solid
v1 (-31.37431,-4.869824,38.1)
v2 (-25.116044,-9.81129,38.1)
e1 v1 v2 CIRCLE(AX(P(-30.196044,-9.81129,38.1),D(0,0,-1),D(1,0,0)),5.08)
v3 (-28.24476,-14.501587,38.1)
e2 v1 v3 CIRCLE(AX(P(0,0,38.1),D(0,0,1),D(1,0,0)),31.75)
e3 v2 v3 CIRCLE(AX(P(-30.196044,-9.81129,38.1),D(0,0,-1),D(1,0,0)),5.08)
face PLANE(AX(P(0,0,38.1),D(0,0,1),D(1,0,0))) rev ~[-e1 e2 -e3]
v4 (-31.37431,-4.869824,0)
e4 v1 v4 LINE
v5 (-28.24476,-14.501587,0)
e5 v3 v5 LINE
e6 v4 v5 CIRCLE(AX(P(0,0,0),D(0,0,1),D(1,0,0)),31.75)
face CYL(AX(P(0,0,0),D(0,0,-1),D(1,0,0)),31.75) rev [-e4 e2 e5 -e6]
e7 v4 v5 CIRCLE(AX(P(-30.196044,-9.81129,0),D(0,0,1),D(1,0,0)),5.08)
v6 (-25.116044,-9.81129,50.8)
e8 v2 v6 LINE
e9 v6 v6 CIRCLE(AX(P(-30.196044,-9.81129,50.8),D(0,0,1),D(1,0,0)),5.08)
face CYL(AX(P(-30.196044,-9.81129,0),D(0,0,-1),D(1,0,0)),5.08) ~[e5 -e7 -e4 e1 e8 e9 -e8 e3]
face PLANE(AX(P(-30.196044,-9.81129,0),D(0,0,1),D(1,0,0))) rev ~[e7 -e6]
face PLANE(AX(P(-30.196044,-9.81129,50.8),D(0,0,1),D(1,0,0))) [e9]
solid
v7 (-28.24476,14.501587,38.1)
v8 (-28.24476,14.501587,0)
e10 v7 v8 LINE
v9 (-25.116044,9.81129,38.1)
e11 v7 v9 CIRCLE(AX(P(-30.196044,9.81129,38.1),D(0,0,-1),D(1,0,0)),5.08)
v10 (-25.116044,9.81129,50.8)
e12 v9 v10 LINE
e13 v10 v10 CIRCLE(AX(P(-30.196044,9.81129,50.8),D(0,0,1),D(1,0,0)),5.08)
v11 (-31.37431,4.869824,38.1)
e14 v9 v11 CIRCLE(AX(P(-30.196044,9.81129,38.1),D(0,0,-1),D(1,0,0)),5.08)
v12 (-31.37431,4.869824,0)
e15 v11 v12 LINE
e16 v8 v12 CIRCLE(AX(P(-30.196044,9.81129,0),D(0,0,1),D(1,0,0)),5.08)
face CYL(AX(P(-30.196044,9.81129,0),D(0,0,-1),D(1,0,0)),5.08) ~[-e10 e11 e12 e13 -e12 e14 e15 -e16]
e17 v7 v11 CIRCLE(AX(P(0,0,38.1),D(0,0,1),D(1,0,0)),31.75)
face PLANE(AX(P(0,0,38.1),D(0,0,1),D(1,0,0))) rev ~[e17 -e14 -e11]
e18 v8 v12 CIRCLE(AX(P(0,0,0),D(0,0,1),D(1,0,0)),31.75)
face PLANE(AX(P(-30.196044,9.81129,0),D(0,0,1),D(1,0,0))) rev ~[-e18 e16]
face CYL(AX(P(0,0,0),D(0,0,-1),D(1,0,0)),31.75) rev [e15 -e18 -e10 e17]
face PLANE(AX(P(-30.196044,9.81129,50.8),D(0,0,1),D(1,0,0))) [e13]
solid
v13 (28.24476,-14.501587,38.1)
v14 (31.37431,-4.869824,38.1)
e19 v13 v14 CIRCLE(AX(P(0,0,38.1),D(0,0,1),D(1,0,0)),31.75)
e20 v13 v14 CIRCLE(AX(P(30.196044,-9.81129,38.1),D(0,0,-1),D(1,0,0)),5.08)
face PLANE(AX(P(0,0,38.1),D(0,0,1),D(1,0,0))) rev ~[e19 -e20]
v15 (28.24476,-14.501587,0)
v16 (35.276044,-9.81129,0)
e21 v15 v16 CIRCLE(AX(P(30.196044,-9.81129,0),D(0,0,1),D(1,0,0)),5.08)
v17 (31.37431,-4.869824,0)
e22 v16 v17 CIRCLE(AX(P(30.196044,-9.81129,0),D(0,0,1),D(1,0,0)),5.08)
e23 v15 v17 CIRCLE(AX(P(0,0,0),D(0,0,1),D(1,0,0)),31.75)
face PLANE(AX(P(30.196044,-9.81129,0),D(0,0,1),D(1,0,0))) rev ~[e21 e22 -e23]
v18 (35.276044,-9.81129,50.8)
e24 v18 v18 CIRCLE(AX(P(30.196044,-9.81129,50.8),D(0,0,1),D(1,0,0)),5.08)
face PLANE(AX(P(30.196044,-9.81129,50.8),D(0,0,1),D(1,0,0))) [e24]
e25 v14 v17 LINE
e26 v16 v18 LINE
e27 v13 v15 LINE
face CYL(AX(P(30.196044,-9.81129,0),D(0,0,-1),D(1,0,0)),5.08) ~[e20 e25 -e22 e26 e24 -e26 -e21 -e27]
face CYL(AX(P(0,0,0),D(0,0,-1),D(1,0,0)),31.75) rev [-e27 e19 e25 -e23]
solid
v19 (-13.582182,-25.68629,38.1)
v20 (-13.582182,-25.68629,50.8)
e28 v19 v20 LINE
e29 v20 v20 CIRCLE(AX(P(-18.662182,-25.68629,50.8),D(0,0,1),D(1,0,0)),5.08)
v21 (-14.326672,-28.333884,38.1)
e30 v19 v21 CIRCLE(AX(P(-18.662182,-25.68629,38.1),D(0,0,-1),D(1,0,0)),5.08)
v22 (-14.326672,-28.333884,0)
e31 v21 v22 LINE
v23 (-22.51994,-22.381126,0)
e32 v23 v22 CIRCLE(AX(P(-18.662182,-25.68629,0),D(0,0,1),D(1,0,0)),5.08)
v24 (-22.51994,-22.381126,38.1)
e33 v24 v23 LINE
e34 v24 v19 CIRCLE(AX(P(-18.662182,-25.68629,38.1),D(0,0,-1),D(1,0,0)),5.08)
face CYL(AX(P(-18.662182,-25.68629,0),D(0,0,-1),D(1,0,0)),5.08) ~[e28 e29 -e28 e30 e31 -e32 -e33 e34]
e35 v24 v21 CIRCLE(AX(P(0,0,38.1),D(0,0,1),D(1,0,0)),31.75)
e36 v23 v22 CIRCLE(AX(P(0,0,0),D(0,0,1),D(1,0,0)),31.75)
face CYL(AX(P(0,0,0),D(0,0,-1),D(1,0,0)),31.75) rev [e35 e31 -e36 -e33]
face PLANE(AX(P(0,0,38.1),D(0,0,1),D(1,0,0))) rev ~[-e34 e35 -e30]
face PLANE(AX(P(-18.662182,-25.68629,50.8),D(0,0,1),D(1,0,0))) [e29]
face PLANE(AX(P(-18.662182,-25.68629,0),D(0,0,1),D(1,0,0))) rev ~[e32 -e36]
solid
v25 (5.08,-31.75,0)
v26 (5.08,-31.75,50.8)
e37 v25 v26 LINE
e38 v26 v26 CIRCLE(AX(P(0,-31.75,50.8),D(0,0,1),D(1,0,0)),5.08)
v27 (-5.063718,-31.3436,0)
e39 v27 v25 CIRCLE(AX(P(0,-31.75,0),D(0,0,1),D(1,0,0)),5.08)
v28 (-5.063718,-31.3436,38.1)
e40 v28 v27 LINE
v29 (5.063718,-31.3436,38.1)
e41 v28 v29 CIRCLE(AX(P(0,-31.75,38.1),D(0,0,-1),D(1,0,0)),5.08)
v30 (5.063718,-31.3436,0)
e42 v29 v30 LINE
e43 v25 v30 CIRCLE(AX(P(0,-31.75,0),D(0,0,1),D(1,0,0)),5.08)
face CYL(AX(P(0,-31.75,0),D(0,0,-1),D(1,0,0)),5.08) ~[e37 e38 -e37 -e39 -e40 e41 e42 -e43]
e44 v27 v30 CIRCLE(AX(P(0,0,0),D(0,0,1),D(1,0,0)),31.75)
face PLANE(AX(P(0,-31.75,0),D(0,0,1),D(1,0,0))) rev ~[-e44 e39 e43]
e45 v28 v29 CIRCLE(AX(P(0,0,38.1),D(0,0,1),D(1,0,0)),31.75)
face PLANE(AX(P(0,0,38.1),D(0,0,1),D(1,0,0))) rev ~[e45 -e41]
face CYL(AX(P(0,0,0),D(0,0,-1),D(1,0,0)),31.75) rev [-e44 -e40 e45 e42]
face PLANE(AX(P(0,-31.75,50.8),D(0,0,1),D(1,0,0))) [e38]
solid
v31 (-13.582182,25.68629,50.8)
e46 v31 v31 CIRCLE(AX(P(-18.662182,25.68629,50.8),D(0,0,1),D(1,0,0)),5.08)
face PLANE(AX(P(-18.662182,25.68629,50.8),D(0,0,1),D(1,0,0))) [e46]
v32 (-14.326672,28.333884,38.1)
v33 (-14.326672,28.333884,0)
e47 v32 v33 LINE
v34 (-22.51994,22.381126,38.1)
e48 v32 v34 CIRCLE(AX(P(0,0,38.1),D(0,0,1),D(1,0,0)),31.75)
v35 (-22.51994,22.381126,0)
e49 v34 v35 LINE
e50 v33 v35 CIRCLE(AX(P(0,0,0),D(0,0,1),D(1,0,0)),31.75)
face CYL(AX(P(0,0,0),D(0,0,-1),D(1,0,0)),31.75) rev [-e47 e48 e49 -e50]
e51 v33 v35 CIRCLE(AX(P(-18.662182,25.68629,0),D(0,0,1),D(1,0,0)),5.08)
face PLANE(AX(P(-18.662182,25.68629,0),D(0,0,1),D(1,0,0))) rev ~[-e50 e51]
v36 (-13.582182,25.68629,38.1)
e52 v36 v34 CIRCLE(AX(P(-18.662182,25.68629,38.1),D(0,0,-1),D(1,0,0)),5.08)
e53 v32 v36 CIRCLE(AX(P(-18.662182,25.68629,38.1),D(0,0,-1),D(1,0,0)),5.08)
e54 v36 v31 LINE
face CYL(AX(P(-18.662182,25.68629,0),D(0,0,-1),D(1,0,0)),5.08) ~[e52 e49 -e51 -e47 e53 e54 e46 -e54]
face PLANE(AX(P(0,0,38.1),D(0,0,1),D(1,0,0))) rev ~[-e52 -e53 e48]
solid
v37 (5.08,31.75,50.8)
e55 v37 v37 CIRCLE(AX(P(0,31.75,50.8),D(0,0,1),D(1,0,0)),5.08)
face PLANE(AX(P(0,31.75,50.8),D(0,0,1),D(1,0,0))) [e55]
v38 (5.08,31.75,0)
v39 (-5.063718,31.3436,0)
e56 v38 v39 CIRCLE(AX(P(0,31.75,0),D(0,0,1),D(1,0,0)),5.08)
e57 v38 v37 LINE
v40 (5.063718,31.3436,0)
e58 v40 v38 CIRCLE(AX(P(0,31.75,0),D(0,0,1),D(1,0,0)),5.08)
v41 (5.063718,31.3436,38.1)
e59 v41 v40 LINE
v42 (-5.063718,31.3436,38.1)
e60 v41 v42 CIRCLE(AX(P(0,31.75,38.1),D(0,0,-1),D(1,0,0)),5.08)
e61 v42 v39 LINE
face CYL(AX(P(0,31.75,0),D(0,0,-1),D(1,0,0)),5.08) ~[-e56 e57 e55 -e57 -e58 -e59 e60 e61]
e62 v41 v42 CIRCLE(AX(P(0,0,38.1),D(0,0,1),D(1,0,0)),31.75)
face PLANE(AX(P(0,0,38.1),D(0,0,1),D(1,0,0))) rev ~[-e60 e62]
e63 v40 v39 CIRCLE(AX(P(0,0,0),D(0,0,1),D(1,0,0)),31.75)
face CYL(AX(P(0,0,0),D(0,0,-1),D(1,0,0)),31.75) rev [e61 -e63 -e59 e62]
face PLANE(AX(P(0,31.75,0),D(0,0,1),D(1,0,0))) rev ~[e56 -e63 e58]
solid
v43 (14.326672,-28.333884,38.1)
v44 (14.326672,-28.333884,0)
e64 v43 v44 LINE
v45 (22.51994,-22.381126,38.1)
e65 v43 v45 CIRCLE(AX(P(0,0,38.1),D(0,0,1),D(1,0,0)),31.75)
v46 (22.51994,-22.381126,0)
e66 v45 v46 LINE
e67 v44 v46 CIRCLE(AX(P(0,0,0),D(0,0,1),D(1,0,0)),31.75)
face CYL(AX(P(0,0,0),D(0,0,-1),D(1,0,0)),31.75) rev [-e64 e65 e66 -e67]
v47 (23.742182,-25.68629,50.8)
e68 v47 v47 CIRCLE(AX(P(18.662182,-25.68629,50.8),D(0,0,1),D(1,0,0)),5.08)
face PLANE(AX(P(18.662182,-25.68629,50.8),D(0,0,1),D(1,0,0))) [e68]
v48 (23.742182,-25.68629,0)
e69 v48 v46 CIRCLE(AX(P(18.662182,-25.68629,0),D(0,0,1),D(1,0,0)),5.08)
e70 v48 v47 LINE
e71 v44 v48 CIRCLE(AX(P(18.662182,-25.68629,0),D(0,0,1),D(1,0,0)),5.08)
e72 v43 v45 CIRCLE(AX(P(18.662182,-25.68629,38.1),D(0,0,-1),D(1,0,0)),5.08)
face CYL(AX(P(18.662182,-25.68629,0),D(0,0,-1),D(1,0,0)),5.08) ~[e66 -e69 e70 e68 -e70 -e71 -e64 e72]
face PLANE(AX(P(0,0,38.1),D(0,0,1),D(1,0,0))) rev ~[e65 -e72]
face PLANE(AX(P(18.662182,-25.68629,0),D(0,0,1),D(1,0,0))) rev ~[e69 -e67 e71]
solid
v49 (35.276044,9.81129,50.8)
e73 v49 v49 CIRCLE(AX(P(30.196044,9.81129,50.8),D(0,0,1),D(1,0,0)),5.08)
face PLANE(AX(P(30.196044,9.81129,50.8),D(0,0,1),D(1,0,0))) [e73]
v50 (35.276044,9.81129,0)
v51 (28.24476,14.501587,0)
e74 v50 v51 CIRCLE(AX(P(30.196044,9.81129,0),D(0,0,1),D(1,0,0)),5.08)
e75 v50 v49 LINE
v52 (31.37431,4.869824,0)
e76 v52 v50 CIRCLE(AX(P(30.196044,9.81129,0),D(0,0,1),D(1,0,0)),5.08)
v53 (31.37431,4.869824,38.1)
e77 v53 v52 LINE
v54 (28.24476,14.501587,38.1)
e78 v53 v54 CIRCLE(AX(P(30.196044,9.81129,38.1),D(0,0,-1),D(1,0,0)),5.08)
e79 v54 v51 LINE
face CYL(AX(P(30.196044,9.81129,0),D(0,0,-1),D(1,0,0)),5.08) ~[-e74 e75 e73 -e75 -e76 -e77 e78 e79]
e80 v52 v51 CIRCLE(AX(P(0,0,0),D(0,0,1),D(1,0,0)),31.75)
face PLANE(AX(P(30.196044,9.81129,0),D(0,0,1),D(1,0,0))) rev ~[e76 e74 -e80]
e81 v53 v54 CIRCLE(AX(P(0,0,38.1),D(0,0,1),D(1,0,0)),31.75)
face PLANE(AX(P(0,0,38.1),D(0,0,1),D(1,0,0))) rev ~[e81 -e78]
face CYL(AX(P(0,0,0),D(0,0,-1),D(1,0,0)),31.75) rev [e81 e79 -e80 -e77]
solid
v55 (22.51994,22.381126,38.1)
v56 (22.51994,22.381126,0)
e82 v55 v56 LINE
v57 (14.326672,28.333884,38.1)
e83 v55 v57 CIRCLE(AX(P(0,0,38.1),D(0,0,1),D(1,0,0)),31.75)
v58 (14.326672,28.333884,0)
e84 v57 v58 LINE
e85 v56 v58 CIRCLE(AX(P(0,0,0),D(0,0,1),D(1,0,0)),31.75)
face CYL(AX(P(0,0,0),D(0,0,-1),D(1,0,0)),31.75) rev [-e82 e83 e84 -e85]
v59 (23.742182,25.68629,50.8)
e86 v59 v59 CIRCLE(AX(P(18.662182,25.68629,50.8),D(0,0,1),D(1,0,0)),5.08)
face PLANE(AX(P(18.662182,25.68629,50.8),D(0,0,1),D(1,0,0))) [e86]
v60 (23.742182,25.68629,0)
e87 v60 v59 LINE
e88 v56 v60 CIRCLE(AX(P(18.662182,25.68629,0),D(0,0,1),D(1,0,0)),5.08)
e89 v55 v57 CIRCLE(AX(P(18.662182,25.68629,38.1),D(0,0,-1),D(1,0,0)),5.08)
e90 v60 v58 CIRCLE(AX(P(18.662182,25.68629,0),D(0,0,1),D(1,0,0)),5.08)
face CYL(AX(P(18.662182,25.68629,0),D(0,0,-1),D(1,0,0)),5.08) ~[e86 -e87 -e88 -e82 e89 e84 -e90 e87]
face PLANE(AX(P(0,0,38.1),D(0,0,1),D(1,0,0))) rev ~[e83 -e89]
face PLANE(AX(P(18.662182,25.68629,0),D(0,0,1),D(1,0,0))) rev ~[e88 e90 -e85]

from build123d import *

# Parameters (mm, degrees)
F0_R     = 31.75
F1_DEPTH = 38.1
F2_R     = 5.08
F3_DEPTH = 50.8


with BuildPart() as f1:
    # F0 (on Top) → F1 (new body)
    with BuildSketch(Plane.XY):
        Circle(F0_R)
    extrude(amount=F1_DEPTH)


with BuildPart() as f3:
    # F2 (on Top) → F3 (new body)
    with BuildSketch(Plane.XY):
        with Locations((0, 31.75)):
            Circle(F2_R)
        with Locations((-18.662182, 25.68629)):
            Circle(F2_R)
        with Locations((-30.196044, 9.81129)):
            Circle(F2_R)
        with Locations((-30.196044, -9.81129)):
            Circle(F2_R)
        with Locations((-18.662182, -25.68629)):
            Circle(F2_R)
        with Locations((0, -31.75)):
            Circle(F2_R)
        with Locations((18.662182, -25.68629)):
            Circle(F2_R)
        with Locations((30.196044, -9.81129)):
            Circle(F2_R)
        with Locations((30.196044, 9.81129)):
            Circle(F2_R)
        with Locations((18.662182, 25.68629)):
            Circle(F2_R)
    extrude(amount=F3_DEPTH)

    # F4: cut F1
    add(f1.part, mode=Mode.SUBTRACT)


solid = f3.part
